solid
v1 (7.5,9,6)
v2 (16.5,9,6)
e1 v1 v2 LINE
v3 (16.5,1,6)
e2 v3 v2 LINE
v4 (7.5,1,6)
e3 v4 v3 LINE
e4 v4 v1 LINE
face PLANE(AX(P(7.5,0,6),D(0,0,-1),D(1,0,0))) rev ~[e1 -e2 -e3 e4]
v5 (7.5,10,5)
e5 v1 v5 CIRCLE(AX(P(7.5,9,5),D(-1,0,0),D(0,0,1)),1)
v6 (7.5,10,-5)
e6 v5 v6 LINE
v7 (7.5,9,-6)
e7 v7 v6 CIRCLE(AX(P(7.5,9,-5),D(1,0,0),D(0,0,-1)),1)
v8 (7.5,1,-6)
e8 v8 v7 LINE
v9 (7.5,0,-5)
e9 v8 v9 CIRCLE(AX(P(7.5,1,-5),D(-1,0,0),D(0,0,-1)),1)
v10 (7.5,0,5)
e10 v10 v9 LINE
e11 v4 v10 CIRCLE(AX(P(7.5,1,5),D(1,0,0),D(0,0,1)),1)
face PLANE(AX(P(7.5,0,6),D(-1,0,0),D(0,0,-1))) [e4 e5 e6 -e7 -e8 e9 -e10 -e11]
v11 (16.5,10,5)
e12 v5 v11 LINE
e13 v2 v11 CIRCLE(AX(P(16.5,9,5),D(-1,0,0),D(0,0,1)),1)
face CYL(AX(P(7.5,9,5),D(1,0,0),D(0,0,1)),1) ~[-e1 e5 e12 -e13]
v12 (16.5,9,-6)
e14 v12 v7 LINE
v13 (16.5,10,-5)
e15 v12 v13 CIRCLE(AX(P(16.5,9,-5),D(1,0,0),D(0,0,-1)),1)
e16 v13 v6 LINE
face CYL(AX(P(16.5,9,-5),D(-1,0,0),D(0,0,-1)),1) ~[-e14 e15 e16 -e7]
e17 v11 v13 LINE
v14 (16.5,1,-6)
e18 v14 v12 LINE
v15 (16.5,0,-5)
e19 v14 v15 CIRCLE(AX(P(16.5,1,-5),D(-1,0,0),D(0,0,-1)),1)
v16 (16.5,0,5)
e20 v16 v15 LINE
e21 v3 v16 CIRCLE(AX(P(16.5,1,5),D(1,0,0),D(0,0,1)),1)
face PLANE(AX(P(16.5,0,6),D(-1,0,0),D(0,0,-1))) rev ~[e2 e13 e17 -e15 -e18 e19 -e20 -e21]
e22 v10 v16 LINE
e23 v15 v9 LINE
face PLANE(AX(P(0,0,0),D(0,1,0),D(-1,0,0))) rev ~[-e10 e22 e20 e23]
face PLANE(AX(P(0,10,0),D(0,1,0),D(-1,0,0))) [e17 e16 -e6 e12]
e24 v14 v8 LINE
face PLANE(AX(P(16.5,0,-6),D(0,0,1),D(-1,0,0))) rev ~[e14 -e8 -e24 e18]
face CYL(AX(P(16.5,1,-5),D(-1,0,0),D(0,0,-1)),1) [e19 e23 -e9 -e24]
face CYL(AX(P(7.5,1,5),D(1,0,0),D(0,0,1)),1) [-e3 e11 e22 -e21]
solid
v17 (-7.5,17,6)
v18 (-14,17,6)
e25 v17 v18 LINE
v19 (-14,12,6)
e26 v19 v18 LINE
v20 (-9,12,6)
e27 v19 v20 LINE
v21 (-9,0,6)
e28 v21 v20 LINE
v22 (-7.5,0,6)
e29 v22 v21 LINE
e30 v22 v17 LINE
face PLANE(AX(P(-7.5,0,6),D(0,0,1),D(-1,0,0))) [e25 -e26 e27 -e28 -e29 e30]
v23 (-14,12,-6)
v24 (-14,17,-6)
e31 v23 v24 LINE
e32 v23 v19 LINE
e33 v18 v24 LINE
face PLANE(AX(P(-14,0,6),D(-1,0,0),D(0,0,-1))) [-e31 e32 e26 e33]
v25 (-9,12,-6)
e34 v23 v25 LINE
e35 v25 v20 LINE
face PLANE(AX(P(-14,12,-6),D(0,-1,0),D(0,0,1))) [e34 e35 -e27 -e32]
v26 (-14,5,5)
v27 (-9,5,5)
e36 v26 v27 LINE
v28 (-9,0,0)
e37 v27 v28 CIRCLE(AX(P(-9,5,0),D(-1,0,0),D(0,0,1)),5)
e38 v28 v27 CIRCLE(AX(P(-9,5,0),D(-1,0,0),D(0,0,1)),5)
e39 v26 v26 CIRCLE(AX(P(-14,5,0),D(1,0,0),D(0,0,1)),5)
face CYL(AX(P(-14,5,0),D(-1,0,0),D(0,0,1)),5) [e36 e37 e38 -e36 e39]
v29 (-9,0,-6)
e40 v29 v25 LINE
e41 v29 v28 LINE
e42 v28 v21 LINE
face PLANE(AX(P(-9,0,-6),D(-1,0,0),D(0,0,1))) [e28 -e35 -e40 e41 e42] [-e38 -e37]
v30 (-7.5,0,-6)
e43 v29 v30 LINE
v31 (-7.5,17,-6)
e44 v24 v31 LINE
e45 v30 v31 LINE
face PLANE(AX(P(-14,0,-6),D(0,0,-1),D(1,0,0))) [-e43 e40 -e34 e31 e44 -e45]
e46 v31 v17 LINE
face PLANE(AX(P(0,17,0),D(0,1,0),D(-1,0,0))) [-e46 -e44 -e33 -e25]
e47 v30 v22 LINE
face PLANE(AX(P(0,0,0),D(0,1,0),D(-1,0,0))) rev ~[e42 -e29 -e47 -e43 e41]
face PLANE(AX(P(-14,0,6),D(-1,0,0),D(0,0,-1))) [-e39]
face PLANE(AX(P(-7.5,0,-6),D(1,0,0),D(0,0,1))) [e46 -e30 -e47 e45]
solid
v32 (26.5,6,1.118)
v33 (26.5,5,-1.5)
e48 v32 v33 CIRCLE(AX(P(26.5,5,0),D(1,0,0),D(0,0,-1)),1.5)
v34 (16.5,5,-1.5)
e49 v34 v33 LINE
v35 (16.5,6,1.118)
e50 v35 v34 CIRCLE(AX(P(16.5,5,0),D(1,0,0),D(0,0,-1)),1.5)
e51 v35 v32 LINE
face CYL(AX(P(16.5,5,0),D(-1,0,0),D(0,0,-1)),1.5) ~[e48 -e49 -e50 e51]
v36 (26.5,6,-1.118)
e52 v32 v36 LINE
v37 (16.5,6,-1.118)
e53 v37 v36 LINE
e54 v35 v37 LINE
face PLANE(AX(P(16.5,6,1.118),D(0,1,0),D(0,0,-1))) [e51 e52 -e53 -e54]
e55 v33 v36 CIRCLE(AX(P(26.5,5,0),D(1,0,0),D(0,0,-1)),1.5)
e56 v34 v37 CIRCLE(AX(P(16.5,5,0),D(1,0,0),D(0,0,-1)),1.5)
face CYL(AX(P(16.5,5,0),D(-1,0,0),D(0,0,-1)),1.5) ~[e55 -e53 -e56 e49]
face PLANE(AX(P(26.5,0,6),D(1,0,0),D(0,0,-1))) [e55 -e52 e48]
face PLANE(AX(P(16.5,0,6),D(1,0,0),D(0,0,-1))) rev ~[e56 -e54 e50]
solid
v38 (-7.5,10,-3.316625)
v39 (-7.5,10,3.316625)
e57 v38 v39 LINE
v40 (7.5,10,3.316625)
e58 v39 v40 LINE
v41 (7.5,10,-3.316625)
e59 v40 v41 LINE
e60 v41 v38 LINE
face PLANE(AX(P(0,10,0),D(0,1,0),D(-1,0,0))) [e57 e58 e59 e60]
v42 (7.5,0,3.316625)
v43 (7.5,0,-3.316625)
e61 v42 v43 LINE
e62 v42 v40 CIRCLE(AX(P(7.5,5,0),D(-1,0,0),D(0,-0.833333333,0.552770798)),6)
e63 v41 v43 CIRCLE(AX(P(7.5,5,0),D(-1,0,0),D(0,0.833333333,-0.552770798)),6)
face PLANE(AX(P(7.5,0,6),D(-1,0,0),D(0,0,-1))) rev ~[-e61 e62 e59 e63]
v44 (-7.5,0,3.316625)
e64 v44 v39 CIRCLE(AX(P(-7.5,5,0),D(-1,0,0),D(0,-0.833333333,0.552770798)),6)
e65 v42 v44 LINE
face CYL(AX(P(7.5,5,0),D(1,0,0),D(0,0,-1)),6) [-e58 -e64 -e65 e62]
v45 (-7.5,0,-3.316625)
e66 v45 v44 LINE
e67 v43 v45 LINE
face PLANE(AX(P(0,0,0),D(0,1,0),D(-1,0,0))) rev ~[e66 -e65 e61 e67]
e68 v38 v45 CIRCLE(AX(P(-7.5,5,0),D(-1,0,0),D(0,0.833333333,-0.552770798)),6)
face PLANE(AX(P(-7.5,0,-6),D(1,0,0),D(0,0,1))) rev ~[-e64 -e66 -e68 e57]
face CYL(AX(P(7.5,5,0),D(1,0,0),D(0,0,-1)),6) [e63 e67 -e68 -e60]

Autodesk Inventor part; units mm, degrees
ref_plane "YZ Plane" through (0, 0, 0) normal (1, 0, 0) x (0, 1, 0)
ref_plane "XZ Plane" through (0, 0, 0) normal (0, 1, 0) x (-1, 0, 0)
ref_plane "XY Plane" through (0, 0, 0) normal (0, 0, 1) x (1, 0, 0)
sketch "Sketch1" plane through (0, 0, 0) normal (0, 1, 0) x (-1, 0, 0)
  line L0 (7.5, 6) -> (-7.5, 6)
  line L1 (-7.5, 6) -> (-7.5, -6)
  line L2 (-7.5, -6) -> (7.5, -6)
  line L3 (7.5, -6) -> (7.5, 6)
  line L4 (7.5, 6) -> (-7.5, -6) construction
  line L5 (-7.5, 6) -> (7.5, -6) construction
  line L6 (7.5, 6) -> (14, 6)
  line L7 (14, 6) -> (14, -6)
  line L8 (14, -6) -> (7.5, -6)
  line L9 (7.5, -6) -> (7.5, 6)
  line L10 (-7.5, 6) -> (-16.5, 6)
  line L11 (-16.5, 6) -> (-16.5, -6)
  line L12 (-16.5, -6) -> (-7.5, -6)
  line L13 (-7.5, -6) -> (-7.5, 6)
  point P0 (0, 0)
  dimension "d0" = 6.5
  dimension "d1" = 12
  dimension "d2" = 9
  dimension "d3" = 21.5
extrude "Extrusion1" add sketch "Sketch1" along normal blind 17 contours L6 L7 L8 L3
extrude "Extrusion2" add sketch "Sketch1" along normal blind 10 separate body contours L3 L2 L1 L0
extrude "Extrusion3" add sketch "Sketch1" along normal blind 10 separate body contours L1 L12 L11 L10
sketch "Sketch2" plane through (16.5, 0, 6) normal (1, 0, 0) x (0, 0, -1)
  circle A0 centre (6, 5) radius 1.5
  line L0 (0, 0) -> (0, 17) projected
  line L1 (4.882, 6) -> (7.118, 6)
  line L2 (12, 10) -> (0, 10) projected
  line L3 (12, 0) -> (0, 0) projected
  line L4 (0, 10) -> (0, 0)
  point P0 (6, 0)
  point P1 (0, 5)
  point P2 (6, 6)
  dimension "d10" = 3
  dimension "d11" = 1
  dimension "d12" = 5
extrude "Extrusion4" add sketch "Sketch2" along normal blind 10 separate body contours A0 L1 picked at (6.0594, 5.1702)
sketch "Sketch3" plane through (-14, 0, -6) normal (-1, 0, 0) x (0, 0, 1)
  line L0 (0, 0) -> (0, 17) projected
  line L1 (0, 12) -> (12, 12)
  line L2 (12, 0) -> (12, 17) projected
  line L3 (0, 17) -> (12, 17) projected
  arc A0 (4.882, 6) -> (7.118, 6) centre (6, 5) ccw projected
  circle A1 centre (6, 5) radius 5
  line L4 (0, 12) -> (0, 0)
  line L5 (12, 0) -> (12, 12)
  line L6 (12, 12) -> (12, 0)
  line L7 (0, 0) -> (12, 0)
  line L8 (0, 0) -> (0, 12)
  point P0 (6, 0)
  point P1 (6, 0)
  dimension "d15" = 5
  dimension "d16" = 10
extrude "Extrusion5" cut sketch "Sketch3" against normal blind 5 contours L0 L1 L2 L7 bodies 1
fillet "Fillet1" radius 1 4 edges at (12, 0, 6) (12, 10, 6) (12, 10, -6) (12, 0, -6)
sketch "Sketch4" plane through (7.5, 0, 6) normal (1, 0, 0) x (0, 0, -1)
  arc A0 (4.882, 6) -> (7.118, 6) centre (6, 5) ccw projected
  circle A1 centre (6, 5) radius 6
  line L0 (0, 0) -> (0, 17) projected
  line L1 (0, 10.0481) -> (0, 0)
  line L2 (0, 0) -> (13.8807, 0)
  line L3 (0, 0) -> (12, 0)
  line L4 (12, 0) -> (12, 17) projected
  line L5 (0, 10) -> (12, 10) projected
  line L6 (0, 0) -> (12, 0) projected
  line L7 (12, 0) -> (12, 10) projected
  line L8 (0, 10) -> (12, 10) projected
  line L9 (0, 0) -> (0, 10) projected
  point P0 (6, 0)
  point P1 (2.6834, 10)
  point P2 (0, 5)
  point P3 (2.6834, 0)
  point P4 (9.3166, 10)
  point P5 (12, 5)
  point P6 (9.3166, 0)
  dimension "d20" = 12
extrude "Extrusion6" cut sketch "Sketch4" against normal up to next contours L4 L2 A1 | A1 L5 L4 | A1 L0 L5 | L2 L0 A1 bodies 2
equation "\"d12\" = 0.5 * d8"
equation "\"d8\" = 10"
properties part number "motor"
